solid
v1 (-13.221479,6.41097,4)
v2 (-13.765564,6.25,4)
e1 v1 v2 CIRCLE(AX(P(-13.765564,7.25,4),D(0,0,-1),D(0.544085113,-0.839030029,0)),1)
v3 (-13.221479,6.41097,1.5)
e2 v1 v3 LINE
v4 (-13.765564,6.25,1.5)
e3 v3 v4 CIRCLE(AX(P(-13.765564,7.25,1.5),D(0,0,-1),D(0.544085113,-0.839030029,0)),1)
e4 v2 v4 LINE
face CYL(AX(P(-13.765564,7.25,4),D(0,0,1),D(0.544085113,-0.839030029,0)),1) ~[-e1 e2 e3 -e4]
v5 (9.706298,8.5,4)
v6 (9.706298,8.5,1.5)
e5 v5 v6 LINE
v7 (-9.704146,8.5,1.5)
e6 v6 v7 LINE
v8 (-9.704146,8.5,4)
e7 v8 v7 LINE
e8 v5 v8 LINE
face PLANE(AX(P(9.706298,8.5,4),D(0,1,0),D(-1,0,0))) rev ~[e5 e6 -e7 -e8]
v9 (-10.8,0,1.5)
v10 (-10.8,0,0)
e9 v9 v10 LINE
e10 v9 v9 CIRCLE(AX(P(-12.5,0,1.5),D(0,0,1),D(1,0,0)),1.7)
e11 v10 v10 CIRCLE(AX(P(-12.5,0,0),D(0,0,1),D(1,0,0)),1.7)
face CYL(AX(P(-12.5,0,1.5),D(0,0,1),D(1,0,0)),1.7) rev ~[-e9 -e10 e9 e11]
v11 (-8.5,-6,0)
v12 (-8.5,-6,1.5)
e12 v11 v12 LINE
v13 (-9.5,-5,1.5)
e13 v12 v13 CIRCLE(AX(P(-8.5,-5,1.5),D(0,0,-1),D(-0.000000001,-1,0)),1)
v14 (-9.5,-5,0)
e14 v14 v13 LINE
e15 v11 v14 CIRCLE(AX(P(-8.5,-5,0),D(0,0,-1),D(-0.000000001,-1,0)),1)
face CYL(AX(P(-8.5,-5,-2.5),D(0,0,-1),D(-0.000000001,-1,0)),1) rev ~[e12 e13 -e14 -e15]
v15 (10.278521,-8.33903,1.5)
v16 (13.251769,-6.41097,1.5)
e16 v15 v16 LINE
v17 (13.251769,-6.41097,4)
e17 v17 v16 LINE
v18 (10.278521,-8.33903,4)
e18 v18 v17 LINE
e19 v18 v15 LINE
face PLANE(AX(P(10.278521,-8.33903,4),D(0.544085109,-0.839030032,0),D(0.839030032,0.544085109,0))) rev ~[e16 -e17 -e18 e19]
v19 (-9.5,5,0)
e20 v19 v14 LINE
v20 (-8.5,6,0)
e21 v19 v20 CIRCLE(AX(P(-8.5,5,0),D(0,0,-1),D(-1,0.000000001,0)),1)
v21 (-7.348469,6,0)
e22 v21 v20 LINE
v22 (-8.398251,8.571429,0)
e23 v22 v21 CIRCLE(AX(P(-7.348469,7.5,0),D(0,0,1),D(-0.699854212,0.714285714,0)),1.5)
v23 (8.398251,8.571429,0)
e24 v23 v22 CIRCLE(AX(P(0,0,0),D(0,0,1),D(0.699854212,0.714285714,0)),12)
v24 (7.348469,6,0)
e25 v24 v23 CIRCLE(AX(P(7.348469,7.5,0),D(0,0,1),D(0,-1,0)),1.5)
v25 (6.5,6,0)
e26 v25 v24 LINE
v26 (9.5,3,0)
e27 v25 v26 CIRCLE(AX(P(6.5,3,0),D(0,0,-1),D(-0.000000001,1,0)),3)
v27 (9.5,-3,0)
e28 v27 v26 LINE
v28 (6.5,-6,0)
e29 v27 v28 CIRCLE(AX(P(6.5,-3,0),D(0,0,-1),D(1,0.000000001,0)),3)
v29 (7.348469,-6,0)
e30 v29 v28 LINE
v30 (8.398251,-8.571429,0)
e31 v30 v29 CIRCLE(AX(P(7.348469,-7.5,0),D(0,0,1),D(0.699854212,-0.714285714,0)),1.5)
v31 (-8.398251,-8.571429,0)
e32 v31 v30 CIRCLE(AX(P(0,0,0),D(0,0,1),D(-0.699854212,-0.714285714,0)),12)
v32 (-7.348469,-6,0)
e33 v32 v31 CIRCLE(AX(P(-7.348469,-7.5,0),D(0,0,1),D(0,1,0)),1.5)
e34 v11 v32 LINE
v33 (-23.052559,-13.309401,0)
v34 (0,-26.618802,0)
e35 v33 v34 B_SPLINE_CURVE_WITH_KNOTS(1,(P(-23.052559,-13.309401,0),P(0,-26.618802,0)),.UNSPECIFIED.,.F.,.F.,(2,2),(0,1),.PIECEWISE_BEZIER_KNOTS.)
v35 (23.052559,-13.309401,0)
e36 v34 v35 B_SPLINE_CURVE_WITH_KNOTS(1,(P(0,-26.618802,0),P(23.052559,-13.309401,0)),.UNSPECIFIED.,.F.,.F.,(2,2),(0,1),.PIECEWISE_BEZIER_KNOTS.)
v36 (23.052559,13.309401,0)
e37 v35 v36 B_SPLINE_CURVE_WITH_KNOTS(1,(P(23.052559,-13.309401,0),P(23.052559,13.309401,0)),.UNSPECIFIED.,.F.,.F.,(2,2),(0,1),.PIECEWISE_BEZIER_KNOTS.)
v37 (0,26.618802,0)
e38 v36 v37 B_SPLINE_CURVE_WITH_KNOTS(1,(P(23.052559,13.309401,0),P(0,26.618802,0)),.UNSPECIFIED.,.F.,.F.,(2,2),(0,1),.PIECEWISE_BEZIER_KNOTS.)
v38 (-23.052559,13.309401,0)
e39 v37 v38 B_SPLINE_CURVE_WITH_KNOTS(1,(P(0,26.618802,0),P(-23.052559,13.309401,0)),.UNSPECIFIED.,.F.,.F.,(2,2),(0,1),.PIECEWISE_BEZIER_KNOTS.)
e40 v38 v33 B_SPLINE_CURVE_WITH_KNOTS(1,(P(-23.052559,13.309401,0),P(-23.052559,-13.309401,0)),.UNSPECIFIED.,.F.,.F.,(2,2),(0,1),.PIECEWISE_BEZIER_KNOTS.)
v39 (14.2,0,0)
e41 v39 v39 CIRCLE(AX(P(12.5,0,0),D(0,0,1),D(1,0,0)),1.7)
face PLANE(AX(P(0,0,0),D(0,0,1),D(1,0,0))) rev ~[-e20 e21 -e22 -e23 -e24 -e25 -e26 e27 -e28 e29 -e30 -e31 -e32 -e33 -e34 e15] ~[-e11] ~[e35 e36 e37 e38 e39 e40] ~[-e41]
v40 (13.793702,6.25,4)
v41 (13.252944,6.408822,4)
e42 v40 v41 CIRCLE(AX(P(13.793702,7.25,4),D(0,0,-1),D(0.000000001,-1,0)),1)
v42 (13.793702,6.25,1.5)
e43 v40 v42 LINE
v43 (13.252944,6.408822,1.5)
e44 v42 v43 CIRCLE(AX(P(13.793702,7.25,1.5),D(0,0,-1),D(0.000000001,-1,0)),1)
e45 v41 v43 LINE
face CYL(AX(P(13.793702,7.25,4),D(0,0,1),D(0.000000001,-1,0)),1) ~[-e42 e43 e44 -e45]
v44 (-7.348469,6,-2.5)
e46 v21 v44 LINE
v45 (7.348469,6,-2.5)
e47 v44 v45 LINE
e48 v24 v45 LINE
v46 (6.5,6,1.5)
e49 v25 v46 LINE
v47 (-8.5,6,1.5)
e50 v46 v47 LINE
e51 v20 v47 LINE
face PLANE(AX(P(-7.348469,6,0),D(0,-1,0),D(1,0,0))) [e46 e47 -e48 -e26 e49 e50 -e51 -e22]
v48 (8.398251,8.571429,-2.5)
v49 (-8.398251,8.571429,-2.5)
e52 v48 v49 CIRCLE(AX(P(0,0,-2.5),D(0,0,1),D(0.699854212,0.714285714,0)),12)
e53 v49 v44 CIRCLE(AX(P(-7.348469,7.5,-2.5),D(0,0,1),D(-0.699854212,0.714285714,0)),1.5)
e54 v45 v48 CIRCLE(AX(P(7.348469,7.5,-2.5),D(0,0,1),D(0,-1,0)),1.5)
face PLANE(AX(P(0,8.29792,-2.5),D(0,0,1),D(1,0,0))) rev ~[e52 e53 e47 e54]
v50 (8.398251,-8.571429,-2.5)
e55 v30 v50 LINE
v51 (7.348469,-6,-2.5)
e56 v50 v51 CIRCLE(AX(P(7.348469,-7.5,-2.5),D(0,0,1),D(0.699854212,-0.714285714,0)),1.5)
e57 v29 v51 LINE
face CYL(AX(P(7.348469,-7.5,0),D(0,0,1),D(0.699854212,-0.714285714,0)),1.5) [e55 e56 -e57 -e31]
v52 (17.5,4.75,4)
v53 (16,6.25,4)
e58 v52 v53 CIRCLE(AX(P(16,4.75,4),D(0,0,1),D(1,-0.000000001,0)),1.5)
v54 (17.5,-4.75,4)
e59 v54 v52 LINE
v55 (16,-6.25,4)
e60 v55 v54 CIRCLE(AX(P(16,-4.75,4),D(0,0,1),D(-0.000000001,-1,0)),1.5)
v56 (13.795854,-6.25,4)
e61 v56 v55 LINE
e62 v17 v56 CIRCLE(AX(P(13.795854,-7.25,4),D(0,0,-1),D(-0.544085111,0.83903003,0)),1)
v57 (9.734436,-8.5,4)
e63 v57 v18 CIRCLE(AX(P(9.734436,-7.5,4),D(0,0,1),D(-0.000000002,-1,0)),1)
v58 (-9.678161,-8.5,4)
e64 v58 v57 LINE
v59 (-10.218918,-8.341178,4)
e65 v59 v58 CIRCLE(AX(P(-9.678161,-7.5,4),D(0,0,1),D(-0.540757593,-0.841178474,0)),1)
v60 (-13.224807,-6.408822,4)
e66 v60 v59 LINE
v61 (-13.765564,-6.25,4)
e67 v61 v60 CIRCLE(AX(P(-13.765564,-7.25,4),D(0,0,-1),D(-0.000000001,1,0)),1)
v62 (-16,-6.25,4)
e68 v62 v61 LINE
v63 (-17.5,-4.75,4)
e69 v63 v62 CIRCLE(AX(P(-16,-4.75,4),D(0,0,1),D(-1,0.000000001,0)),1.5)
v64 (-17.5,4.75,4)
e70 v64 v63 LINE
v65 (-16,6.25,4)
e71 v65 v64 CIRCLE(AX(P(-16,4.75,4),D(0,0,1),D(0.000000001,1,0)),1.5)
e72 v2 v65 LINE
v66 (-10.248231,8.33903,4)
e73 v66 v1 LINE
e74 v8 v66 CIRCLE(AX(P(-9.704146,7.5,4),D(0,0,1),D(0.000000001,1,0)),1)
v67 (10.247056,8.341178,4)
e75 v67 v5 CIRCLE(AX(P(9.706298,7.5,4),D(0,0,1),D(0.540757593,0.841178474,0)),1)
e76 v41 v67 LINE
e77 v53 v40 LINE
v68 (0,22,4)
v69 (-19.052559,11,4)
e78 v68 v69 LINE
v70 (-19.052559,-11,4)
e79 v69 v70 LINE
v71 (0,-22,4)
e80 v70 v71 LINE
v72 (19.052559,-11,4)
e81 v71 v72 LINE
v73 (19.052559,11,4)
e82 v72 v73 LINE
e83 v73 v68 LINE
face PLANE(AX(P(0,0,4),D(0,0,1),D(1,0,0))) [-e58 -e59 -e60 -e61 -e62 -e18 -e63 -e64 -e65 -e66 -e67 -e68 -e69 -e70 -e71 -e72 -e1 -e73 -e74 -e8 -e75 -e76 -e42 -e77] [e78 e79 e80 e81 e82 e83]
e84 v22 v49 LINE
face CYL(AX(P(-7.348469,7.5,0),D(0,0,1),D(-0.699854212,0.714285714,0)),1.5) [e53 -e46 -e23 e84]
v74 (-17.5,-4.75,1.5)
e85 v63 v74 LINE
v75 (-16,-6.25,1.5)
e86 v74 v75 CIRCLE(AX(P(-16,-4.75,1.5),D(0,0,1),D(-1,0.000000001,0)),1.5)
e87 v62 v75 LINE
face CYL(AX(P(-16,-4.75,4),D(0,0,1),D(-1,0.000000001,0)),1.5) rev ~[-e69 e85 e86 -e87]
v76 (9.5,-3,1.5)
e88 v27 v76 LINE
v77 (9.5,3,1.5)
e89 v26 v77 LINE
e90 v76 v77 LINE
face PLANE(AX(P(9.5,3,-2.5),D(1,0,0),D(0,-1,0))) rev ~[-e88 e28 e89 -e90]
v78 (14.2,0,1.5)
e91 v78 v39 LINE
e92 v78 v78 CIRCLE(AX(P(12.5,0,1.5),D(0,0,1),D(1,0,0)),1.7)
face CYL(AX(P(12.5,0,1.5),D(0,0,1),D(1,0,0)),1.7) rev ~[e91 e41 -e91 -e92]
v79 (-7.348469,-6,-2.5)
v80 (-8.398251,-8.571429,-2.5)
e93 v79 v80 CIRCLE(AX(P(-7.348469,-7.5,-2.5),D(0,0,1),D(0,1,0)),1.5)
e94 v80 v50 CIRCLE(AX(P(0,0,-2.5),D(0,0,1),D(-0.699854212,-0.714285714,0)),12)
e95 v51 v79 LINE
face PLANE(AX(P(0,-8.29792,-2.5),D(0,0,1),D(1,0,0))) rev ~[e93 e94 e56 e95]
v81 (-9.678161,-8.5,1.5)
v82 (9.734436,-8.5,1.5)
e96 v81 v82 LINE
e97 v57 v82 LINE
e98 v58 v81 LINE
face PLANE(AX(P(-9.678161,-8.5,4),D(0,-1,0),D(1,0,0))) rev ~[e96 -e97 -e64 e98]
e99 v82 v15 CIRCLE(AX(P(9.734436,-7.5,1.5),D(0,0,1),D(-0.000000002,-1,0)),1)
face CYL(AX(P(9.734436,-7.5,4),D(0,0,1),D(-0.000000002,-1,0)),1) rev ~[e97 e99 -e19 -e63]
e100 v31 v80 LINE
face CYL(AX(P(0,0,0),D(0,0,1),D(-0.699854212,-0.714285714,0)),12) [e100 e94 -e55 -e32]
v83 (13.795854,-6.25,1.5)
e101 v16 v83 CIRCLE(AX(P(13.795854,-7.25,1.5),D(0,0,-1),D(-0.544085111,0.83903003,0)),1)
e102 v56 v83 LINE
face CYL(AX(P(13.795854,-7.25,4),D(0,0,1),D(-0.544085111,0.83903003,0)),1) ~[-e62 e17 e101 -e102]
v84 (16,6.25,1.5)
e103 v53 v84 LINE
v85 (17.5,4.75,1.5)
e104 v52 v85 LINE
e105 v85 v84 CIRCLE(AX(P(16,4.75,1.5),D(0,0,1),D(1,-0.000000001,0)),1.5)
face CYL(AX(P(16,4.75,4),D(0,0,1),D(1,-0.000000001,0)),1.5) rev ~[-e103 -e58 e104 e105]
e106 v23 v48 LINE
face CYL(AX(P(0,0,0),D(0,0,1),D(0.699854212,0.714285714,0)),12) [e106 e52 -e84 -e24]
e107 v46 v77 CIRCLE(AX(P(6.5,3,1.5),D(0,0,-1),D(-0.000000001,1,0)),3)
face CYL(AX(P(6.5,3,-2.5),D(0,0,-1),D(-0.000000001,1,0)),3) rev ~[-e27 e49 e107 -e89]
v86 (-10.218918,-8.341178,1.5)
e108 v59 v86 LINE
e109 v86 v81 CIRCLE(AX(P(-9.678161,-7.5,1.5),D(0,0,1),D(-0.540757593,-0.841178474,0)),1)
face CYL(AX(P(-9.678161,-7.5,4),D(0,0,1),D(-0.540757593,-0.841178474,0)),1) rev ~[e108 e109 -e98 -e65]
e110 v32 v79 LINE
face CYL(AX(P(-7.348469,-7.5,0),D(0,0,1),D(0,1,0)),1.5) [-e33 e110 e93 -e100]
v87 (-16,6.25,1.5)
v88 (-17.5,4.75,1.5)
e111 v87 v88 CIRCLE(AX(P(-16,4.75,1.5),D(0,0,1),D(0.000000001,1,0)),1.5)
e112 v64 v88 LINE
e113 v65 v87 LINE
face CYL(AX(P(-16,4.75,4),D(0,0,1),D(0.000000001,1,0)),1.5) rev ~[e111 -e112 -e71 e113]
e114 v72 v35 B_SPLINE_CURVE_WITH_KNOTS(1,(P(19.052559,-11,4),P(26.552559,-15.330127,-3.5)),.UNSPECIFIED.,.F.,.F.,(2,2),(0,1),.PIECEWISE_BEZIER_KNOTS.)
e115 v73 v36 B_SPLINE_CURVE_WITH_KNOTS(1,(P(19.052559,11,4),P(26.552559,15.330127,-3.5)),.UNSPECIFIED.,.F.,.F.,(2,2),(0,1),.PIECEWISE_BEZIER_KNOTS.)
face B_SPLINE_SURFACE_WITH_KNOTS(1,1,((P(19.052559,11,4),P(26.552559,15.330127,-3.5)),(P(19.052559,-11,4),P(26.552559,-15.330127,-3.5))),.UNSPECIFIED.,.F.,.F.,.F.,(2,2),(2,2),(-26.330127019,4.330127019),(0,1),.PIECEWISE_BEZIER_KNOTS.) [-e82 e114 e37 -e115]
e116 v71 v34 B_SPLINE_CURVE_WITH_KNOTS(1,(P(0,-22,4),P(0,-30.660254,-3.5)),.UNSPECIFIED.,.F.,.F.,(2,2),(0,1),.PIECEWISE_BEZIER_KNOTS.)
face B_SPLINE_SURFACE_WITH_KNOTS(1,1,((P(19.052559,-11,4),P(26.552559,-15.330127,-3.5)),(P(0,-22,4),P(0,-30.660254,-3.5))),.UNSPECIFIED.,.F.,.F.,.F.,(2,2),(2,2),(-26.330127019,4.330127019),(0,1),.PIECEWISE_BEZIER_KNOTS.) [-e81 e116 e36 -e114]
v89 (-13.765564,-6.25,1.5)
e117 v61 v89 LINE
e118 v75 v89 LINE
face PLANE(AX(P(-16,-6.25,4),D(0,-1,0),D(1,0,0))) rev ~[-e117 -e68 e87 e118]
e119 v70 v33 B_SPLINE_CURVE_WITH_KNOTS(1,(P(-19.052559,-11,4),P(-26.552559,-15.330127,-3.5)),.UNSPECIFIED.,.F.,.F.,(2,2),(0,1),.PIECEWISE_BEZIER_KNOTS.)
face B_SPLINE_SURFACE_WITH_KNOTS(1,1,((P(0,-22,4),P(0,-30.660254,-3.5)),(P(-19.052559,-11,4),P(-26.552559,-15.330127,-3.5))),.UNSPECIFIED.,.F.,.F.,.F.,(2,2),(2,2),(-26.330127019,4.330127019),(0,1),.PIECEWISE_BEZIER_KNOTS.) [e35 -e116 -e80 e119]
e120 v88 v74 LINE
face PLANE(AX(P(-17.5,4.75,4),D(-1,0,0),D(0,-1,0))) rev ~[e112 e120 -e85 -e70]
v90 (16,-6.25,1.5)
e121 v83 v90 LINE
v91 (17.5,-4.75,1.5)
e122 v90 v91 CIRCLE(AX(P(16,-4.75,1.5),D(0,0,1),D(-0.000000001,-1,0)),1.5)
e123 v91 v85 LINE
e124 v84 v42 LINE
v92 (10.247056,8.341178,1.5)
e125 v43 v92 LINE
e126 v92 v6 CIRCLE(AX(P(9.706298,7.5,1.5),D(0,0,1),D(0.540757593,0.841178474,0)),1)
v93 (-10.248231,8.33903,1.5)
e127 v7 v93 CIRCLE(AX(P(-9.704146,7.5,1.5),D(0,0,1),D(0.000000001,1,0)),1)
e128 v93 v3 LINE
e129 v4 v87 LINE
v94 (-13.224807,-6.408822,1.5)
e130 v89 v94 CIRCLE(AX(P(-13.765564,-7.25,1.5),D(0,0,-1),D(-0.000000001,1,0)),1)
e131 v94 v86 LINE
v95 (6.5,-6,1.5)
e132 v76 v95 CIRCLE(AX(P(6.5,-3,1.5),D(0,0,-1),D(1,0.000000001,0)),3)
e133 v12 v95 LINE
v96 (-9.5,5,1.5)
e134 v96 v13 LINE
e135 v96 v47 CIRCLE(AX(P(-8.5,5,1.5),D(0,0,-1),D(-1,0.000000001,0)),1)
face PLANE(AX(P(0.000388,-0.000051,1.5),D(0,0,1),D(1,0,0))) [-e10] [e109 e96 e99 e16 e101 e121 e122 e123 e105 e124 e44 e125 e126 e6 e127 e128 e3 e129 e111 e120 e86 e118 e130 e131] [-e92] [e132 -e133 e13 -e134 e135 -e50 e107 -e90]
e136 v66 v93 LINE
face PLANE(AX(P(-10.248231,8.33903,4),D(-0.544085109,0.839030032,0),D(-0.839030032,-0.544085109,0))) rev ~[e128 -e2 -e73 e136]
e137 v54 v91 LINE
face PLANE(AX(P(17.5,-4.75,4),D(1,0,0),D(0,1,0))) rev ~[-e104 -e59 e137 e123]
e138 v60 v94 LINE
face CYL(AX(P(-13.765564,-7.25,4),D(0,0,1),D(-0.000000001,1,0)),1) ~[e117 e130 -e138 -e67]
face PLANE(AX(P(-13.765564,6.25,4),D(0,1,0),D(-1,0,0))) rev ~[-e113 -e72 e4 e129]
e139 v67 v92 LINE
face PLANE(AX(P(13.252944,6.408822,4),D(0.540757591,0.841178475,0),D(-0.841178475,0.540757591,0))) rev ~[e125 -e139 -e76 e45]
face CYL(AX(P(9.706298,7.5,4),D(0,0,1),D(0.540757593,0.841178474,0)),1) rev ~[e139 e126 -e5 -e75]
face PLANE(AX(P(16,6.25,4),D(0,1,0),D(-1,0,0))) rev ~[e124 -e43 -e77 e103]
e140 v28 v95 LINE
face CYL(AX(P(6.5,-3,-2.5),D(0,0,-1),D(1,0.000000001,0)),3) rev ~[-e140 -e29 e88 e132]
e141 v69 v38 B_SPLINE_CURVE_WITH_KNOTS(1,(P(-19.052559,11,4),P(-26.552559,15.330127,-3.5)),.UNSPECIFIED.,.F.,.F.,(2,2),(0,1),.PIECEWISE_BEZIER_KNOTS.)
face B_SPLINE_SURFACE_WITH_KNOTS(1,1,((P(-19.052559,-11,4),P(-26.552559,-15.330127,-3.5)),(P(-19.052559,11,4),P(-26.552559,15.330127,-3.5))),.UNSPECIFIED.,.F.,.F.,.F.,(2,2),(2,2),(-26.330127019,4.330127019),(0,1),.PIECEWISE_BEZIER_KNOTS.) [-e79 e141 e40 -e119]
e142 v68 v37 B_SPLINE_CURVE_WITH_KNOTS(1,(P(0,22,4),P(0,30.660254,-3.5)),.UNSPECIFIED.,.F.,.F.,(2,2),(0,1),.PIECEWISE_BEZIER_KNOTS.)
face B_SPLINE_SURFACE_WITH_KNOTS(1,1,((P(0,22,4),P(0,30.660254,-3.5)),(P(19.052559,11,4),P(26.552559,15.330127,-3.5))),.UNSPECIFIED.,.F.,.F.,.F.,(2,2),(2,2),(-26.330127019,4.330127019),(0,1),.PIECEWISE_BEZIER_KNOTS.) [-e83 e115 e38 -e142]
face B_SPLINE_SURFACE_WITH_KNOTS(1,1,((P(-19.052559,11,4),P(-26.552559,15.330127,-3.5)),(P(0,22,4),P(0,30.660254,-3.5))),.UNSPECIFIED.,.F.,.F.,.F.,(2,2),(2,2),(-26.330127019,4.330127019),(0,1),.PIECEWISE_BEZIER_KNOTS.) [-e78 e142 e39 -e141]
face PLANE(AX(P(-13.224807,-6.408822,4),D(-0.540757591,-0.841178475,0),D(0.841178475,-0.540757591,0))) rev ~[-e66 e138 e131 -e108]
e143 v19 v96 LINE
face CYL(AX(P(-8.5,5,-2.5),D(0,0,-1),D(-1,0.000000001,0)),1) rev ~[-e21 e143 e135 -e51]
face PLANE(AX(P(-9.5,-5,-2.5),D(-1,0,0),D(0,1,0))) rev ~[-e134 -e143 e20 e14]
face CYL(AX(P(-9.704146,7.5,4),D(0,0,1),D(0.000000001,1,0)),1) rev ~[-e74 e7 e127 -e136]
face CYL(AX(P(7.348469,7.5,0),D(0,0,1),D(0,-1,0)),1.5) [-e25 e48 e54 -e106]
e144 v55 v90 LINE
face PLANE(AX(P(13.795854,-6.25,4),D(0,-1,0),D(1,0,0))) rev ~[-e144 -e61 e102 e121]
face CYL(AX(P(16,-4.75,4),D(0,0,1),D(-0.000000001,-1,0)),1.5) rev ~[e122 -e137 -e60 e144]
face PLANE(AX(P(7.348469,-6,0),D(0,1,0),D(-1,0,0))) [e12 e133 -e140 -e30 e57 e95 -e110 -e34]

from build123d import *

# Parameters (mm, degrees)
SKETCH1_R           = 28
BOSS_EXTRUDE1_DEPTH = 4
BOSS_EXTRUDE2_DEPTH = 2.5
CUT_EXTRUDE1_DEPTH  = 2.5
CUT_EXTRUDE2_DEPTH  = 7.5
SKETCH5_R           = 1.7
CUT_EXTRUDE3_DEPTH  = 5
SKETCH7_OUTSIDE_W   = 88.892
SKETCH7_OUTSIDE_H   = 88.892
CUT_EXTRUDE4_DEPTH  = 7.5
CUT_EXTRUDE4_TAPER  = 45


with BuildPart() as part:
    # Sketch1 → Boss-Extrude1 (new body)
    with BuildSketch(Plane.XY):
        Circle(SKETCH1_R)
    extrude(amount=BOSS_EXTRUDE1_DEPTH)

    # Sketch2 → Boss-Extrude2 (add)
    with BuildSketch(Plane(origin=(0, 0, 0), x_dir=(-1, 0, 0), z_dir=(0, 0, -1))):
        with BuildLine():
            Line((-7.348469228, -6), (7.348469228, -6))
            ThreePointArc((7.348469228, -6), (8.737199378, -6.93305329), (8.398250547, -8.571428571))
            ThreePointArc((8.398250547, -8.571428571), (0, -12), (-8.398250547, -8.571428571))
            ThreePointArc((-8.398250547, -8.571428571), (-8.737199378, -6.93305329), (-7.348469228, -6))
        make_face()
        with BuildLine():
            Line((7.348469228, 6), (-7.348469228, 6))
            ThreePointArc((-7.348469228, 6), (-8.737199378, 6.93305329), (-8.398250547, 8.571428571))
            ThreePointArc((-8.398250547, 8.571428571), (0, 12), (8.398250547, 8.571428571))
            ThreePointArc((8.398250547, 8.571428571), (8.737199378, 6.93305329), (7.348469228, 6))
        make_face()
    extrude(amount=BOSS_EXTRUDE2_DEPTH)

    # Sketch3 → Cut-Extrude1 (cut)
    with BuildSketch(Plane.XY.offset(4)):
        with BuildLine():
            Line((-17.5, 4.75), (-17.5, -4.75))
            ThreePointArc((-17.5, -4.75), (-17.060660172, -5.810660172), (-16, -6.25))
            Line((-16, -6.25), (-13.765564437, -6.25))
            ThreePointArc((-13.765564437, -6.25), (-13.483765285, -6.290526583), (-13.224806846, -6.408821525))
            Line((-13.224806846, -6.408821525), (-10.218918256, -8.341178475))
            ThreePointArc((-10.218918256, -8.341178475), (-9.959959817, -8.459473417), (-9.678160664, -8.5))
            Line((-9.678160664, -8.5), (9.734435563, -8.5))
            ThreePointArc((9.734435563, -8.5), (10.018134319, -8.458913456), (10.278520672, -8.339030031))
            Line((10.278520672, -8.339030031), (13.251769281, -6.410969969))
            ThreePointArc((13.251769281, -6.410969969), (13.512155635, -6.291086544), (13.795854391, -6.25))
            Line((13.795854391, -6.25), (16, -6.25))
            ThreePointArc((16, -6.25), (17.060660172, -5.810660172), (17.5, -4.75))
            Line((17.5, -4.75), (17.5, 4.75))
            ThreePointArc((17.5, 4.75), (17.060660172, 5.810660172), (16, 6.25))
            Line((16, 6.25), (13.793701886, 6.25))
            ThreePointArc((13.793701886, 6.25), (13.511902734, 6.290526583), (13.252944295, 6.408821525))
            Line((13.252944295, 6.408821525), (10.247055705, 8.341178475))
            ThreePointArc((10.247055705, 8.341178475), (9.988097266, 8.459473417), (9.706298114, 8.5))
            Line((9.706298114, 8.5), (-9.704145609, 8.5))
            ThreePointArc((-9.704145609, 8.5), (-9.987844365, 8.458913456), (-10.248230719, 8.339030031))
            Line((-10.248230719, 8.339030031), (-13.221479328, 6.410969969))
            ThreePointArc((-13.221479328, 6.410969969), (-13.481865681, 6.291086544), (-13.765564437, 6.25))
            Line((-13.765564437, 6.25), (-16, 6.25))
            ThreePointArc((-16, 6.25), (-17.060660172, 5.810660172), (-17.5, 4.75))
        make_face()
    extrude(amount=-CUT_EXTRUDE1_DEPTH, mode=Mode.SUBTRACT)

    # Sketch4 → Cut-Extrude2 (cut, through all)
    with BuildSketch(Plane(origin=(0, 0, -2.5), x_dir=(-1, 0, 0), z_dir=(0, 0, -1))):
        with BuildLine():
            Line((-6.5, -6), (8.5, -6))
            ThreePointArc((8.5, -6), (9.207106781, -5.707106781), (9.5, -5))
            Line((9.5, -5), (9.5, 5))
            ThreePointArc((9.5, 5), (9.207106781, 5.707106781), (8.5, 6))
            Line((8.5, 6), (-6.5, 6))
            ThreePointArc((-6.5, 6), (-8.621320344, 5.121320344), (-9.5, 3))
            Line((-9.5, 3), (-9.5, -3))
            ThreePointArc((-9.5, -3), (-8.621320344, -5.121320344), (-6.5, -6))
        make_face()
    extrude(amount=-CUT_EXTRUDE2_DEPTH, mode=Mode.SUBTRACT)

    # Sketch5 → Cut-Extrude3 (cut, through all)
    with BuildSketch(Plane.XY.offset(1.5)):
        with Locations((-12.5, 0)):
            Circle(SKETCH5_R)
        with Locations((12.5, 0)):
            Circle(SKETCH5_R)
    extrude(amount=-CUT_EXTRUDE3_DEPTH, mode=Mode.SUBTRACT)

    # Sketch7 outside → Cut-Extrude4 (cut, through all)
    with BuildSketch(Plane.XY.offset(4)):
        Rectangle(SKETCH7_OUTSIDE_W, SKETCH7_OUTSIDE_H)
        Polygon((0, 22), (-19.052558883, 11), (-19.052558883, -11), (0, -22), (19.052558883, -11), (19.052558883, 11), align=None, mode=Mode.SUBTRACT)
    extrude(amount=-CUT_EXTRUDE4_DEPTH, taper=CUT_EXTRUDE4_TAPER, mode=Mode.SUBTRACT)


solid = part.part
